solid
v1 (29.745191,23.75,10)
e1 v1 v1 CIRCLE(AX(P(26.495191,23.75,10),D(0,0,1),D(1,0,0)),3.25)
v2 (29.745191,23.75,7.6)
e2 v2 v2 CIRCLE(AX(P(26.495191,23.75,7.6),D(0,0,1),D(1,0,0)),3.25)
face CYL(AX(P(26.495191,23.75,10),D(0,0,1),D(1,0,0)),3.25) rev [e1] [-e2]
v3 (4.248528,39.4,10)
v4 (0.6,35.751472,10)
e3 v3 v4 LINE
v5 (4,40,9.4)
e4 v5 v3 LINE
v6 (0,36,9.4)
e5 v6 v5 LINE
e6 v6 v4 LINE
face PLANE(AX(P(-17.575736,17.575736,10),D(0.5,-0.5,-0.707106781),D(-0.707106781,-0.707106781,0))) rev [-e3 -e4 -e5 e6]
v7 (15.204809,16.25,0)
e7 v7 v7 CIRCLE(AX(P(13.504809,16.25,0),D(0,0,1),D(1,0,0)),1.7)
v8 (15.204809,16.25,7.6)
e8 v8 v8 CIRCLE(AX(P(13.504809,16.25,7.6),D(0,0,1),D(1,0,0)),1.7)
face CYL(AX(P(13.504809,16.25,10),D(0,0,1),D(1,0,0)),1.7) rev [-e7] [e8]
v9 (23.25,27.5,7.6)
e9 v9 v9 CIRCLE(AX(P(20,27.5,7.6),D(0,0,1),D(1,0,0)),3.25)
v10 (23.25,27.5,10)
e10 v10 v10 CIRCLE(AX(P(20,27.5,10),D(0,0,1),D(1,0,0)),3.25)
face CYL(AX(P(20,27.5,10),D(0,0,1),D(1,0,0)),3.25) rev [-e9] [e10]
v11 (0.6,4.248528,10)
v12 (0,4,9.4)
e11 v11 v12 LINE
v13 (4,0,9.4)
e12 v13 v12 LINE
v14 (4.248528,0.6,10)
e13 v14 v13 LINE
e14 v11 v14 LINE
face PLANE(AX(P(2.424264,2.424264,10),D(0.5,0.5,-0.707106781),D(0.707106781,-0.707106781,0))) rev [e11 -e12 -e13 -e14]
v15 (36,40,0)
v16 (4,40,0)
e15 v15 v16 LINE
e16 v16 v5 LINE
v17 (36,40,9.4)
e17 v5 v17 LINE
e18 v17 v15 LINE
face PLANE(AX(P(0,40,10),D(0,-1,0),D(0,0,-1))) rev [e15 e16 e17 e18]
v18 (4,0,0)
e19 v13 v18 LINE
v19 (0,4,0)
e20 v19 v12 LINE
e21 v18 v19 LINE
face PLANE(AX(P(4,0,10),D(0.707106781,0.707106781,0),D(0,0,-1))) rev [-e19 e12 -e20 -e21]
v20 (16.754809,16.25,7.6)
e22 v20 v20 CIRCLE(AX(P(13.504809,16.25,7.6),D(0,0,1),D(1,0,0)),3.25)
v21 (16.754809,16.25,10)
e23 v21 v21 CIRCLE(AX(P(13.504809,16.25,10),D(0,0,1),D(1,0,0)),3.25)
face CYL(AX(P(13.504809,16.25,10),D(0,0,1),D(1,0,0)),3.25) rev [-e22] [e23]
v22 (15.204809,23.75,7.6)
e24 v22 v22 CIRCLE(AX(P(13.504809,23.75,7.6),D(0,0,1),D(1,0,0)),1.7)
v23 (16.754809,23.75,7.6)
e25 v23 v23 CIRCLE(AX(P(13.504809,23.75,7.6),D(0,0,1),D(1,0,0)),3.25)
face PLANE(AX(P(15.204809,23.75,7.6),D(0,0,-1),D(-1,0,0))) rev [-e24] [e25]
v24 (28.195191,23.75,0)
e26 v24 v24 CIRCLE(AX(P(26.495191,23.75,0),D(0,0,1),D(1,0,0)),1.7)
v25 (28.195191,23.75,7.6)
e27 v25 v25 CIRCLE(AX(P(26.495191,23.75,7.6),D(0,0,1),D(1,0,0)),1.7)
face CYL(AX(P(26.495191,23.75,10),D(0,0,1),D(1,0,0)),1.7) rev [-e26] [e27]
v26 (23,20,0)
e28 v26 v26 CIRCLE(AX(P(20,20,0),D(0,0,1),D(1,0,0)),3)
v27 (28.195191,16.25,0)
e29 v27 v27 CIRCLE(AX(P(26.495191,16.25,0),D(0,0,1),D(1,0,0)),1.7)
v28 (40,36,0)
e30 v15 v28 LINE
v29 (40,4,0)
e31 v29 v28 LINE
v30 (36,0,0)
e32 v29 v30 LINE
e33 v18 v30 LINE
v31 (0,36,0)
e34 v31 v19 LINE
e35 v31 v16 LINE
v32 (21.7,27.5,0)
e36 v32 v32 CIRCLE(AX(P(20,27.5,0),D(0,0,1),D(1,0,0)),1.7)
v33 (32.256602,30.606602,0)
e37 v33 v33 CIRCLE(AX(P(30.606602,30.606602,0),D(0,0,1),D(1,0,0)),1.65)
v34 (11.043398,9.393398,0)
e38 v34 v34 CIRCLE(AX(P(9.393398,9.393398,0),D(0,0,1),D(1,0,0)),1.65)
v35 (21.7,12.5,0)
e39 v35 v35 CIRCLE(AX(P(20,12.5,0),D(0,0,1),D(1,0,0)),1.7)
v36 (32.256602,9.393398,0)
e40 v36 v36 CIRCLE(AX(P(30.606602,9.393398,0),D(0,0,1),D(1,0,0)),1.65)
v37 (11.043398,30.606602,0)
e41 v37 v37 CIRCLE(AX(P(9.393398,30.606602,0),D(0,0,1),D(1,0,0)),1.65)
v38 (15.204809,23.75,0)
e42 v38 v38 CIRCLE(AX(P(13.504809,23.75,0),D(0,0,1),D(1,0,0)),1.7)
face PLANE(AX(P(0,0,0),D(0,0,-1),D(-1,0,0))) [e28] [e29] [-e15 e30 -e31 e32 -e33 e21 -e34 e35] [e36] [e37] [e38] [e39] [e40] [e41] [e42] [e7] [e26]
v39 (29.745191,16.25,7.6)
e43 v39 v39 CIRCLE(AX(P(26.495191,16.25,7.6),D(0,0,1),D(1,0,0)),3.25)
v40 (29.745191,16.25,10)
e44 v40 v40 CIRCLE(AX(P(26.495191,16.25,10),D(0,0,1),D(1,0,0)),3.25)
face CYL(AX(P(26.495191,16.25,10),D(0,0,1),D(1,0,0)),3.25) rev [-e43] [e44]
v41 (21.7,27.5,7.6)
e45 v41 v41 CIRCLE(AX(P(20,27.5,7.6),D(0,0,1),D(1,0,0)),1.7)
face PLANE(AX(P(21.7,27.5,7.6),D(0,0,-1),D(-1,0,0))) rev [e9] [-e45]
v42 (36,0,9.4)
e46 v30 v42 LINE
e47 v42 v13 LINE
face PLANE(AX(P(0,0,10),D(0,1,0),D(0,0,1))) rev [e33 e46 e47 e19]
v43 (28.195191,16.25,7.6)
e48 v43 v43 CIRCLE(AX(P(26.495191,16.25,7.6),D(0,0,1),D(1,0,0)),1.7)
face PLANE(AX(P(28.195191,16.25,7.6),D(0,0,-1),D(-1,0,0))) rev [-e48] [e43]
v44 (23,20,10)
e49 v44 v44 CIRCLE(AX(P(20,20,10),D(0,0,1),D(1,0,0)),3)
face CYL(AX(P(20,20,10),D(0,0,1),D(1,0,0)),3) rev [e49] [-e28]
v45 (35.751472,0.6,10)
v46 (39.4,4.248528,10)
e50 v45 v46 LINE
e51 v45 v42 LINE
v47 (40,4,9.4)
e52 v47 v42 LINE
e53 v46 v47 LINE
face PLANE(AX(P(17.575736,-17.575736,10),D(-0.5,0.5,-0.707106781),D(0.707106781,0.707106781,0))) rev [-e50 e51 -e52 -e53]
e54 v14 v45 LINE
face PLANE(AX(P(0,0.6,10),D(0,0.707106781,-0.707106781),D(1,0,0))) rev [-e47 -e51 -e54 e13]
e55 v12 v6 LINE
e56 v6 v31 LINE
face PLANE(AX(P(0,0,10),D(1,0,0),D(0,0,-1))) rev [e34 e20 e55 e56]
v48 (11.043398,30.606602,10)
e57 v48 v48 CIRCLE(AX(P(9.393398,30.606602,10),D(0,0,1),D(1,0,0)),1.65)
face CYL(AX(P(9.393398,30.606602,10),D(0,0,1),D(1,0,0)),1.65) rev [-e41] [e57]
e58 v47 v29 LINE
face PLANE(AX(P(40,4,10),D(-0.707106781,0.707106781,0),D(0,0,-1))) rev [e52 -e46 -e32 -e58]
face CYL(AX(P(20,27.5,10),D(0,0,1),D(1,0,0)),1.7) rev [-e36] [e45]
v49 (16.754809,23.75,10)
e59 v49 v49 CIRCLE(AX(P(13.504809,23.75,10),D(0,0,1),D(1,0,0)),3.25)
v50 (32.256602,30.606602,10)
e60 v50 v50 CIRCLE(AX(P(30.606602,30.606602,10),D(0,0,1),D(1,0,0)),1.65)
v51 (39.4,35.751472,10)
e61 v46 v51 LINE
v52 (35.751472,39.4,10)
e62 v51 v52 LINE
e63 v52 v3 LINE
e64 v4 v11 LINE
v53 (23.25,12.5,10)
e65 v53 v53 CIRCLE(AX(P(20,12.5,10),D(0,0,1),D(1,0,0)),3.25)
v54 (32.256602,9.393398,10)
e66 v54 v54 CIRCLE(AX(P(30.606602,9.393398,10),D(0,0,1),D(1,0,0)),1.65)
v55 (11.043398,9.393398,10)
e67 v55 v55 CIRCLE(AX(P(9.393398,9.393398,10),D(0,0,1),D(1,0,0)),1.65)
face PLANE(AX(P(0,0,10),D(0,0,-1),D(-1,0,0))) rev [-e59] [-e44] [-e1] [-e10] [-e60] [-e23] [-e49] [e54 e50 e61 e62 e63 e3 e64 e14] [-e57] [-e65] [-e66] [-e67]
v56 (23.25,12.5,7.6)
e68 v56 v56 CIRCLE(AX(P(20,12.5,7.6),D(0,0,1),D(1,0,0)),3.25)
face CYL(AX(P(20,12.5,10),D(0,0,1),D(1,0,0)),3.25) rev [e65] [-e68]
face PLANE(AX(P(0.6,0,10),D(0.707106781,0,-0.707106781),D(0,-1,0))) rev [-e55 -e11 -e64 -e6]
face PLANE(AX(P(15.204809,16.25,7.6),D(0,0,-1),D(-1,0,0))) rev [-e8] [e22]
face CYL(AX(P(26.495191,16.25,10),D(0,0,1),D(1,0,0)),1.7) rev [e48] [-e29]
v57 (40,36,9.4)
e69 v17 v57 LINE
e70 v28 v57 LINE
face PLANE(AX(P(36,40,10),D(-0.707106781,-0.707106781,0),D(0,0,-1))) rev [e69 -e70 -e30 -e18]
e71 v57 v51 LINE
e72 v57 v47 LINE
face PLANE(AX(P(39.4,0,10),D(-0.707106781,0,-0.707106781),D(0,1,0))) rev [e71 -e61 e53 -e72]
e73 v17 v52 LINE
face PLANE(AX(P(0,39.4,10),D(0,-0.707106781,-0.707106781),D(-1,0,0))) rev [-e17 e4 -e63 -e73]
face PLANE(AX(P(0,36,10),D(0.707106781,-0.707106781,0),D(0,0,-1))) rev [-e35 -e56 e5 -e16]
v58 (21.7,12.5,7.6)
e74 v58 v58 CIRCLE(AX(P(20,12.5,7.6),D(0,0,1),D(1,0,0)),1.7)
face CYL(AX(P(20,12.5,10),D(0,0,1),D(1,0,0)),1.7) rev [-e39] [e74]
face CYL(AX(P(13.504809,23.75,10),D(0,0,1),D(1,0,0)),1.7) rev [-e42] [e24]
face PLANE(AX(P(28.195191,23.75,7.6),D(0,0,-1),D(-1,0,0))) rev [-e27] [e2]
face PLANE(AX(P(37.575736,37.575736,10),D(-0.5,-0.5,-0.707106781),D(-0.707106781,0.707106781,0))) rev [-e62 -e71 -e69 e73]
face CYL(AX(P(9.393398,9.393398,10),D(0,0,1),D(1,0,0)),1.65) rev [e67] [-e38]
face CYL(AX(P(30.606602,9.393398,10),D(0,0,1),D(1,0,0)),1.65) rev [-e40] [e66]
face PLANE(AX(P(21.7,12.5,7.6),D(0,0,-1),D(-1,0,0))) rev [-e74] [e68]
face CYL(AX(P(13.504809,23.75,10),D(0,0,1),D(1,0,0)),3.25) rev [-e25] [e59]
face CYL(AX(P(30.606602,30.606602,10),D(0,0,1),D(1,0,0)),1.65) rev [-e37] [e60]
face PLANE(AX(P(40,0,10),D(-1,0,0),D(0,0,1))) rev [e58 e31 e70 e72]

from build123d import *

# Parameters (mm, degrees)
SKETCH1_W                                            = 40
SKETCH1_H                                            = 40
BOSS_EXTRUDE1_DEPTH                                  = 10
F_6_0MM_DOWEL_HOLE1_D                                = 6
CBORE_FOR_M3_HEX_SOCKET_THIN_HEAD_CAP_SC_D           = 3.4
CBORE_FOR_M3_HEX_SOCKET_THIN_HEAD_CAP_SC_CBORE_D     = 6.5
CBORE_FOR_M3_HEX_SOCKET_THIN_HEAD_CAP_SC_CBORE_DEPTH = 2.4
TAP_DRILL_FOR_M4_TAP1_D                              = 3.3
CHAMFER1_SIZE                                        = 4
CHAMFER2_SIZE                                        = 0.6


with BuildPart() as part:
    # Sketch1 → Boss-Extrude1 (new body)
    with BuildSketch(Plane.XY):
        with Locations((20, 20)):
            Rectangle(SKETCH1_W, SKETCH1_H)
    extrude(amount=BOSS_EXTRUDE1_DEPTH)

    # Ø6.0mm Dowel Hole1 (through all)
    with Locations(Plane.XY.offset(10)):
        with Locations((20, 20)):
            Hole(F_6_0MM_DOWEL_HOLE1_D / 2)

    # CBORE for M3 Hex Socket Thin Head Cap Screw4 (through all)
    with Locations(Plane.XY.offset(10)):
        with Locations((13.504809472, 23.75), (20, 27.5), (26.495190528, 23.75), (26.495190528, 16.25), (20, 12.5), (13.504809472, 16.25)):
            CounterBoreHole(CBORE_FOR_M3_HEX_SOCKET_THIN_HEAD_CAP_SC_D / 2, CBORE_FOR_M3_HEX_SOCKET_THIN_HEAD_CAP_SC_CBORE_D / 2, CBORE_FOR_M3_HEX_SOCKET_THIN_HEAD_CAP_SC_CBORE_DEPTH)

    # Tap Drill for M4 Tap1 (through all)
    with Locations(Plane.XY.offset(10)):
        with Locations((9.393398282, 9.393398282), (9.393398282, 30.606601718), (30.606601718, 30.606601718), (30.606601718, 9.393398282)):
            Hole(TAP_DRILL_FOR_M4_TAP1_D / 2)

    # Chamfer1
    chamfer1_edges = [part.edges().sort_by_distance(p)[0] for p in [
        (0, 40, 5),
        (40, 40, 5),
        (40, 0, 5),
        (0, 0, 5),
    ]]
    chamfer(chamfer1_edges, length=CHAMFER1_SIZE)

    # Chamfer2
    chamfer2_edges = [part.edges().sort_by_distance(p)[0] for p in [
        (38, 2, 10),
        (40, 20, 10),
        (20, 0, 10),
        (0, 20, 10),
        (20, 40, 10),
        (2, 38, 10),
        (2, 2, 10),
        (38, 38, 10),
    ]]
    chamfer(chamfer2_edges, length=CHAMFER2_SIZE)


solid = part.part
